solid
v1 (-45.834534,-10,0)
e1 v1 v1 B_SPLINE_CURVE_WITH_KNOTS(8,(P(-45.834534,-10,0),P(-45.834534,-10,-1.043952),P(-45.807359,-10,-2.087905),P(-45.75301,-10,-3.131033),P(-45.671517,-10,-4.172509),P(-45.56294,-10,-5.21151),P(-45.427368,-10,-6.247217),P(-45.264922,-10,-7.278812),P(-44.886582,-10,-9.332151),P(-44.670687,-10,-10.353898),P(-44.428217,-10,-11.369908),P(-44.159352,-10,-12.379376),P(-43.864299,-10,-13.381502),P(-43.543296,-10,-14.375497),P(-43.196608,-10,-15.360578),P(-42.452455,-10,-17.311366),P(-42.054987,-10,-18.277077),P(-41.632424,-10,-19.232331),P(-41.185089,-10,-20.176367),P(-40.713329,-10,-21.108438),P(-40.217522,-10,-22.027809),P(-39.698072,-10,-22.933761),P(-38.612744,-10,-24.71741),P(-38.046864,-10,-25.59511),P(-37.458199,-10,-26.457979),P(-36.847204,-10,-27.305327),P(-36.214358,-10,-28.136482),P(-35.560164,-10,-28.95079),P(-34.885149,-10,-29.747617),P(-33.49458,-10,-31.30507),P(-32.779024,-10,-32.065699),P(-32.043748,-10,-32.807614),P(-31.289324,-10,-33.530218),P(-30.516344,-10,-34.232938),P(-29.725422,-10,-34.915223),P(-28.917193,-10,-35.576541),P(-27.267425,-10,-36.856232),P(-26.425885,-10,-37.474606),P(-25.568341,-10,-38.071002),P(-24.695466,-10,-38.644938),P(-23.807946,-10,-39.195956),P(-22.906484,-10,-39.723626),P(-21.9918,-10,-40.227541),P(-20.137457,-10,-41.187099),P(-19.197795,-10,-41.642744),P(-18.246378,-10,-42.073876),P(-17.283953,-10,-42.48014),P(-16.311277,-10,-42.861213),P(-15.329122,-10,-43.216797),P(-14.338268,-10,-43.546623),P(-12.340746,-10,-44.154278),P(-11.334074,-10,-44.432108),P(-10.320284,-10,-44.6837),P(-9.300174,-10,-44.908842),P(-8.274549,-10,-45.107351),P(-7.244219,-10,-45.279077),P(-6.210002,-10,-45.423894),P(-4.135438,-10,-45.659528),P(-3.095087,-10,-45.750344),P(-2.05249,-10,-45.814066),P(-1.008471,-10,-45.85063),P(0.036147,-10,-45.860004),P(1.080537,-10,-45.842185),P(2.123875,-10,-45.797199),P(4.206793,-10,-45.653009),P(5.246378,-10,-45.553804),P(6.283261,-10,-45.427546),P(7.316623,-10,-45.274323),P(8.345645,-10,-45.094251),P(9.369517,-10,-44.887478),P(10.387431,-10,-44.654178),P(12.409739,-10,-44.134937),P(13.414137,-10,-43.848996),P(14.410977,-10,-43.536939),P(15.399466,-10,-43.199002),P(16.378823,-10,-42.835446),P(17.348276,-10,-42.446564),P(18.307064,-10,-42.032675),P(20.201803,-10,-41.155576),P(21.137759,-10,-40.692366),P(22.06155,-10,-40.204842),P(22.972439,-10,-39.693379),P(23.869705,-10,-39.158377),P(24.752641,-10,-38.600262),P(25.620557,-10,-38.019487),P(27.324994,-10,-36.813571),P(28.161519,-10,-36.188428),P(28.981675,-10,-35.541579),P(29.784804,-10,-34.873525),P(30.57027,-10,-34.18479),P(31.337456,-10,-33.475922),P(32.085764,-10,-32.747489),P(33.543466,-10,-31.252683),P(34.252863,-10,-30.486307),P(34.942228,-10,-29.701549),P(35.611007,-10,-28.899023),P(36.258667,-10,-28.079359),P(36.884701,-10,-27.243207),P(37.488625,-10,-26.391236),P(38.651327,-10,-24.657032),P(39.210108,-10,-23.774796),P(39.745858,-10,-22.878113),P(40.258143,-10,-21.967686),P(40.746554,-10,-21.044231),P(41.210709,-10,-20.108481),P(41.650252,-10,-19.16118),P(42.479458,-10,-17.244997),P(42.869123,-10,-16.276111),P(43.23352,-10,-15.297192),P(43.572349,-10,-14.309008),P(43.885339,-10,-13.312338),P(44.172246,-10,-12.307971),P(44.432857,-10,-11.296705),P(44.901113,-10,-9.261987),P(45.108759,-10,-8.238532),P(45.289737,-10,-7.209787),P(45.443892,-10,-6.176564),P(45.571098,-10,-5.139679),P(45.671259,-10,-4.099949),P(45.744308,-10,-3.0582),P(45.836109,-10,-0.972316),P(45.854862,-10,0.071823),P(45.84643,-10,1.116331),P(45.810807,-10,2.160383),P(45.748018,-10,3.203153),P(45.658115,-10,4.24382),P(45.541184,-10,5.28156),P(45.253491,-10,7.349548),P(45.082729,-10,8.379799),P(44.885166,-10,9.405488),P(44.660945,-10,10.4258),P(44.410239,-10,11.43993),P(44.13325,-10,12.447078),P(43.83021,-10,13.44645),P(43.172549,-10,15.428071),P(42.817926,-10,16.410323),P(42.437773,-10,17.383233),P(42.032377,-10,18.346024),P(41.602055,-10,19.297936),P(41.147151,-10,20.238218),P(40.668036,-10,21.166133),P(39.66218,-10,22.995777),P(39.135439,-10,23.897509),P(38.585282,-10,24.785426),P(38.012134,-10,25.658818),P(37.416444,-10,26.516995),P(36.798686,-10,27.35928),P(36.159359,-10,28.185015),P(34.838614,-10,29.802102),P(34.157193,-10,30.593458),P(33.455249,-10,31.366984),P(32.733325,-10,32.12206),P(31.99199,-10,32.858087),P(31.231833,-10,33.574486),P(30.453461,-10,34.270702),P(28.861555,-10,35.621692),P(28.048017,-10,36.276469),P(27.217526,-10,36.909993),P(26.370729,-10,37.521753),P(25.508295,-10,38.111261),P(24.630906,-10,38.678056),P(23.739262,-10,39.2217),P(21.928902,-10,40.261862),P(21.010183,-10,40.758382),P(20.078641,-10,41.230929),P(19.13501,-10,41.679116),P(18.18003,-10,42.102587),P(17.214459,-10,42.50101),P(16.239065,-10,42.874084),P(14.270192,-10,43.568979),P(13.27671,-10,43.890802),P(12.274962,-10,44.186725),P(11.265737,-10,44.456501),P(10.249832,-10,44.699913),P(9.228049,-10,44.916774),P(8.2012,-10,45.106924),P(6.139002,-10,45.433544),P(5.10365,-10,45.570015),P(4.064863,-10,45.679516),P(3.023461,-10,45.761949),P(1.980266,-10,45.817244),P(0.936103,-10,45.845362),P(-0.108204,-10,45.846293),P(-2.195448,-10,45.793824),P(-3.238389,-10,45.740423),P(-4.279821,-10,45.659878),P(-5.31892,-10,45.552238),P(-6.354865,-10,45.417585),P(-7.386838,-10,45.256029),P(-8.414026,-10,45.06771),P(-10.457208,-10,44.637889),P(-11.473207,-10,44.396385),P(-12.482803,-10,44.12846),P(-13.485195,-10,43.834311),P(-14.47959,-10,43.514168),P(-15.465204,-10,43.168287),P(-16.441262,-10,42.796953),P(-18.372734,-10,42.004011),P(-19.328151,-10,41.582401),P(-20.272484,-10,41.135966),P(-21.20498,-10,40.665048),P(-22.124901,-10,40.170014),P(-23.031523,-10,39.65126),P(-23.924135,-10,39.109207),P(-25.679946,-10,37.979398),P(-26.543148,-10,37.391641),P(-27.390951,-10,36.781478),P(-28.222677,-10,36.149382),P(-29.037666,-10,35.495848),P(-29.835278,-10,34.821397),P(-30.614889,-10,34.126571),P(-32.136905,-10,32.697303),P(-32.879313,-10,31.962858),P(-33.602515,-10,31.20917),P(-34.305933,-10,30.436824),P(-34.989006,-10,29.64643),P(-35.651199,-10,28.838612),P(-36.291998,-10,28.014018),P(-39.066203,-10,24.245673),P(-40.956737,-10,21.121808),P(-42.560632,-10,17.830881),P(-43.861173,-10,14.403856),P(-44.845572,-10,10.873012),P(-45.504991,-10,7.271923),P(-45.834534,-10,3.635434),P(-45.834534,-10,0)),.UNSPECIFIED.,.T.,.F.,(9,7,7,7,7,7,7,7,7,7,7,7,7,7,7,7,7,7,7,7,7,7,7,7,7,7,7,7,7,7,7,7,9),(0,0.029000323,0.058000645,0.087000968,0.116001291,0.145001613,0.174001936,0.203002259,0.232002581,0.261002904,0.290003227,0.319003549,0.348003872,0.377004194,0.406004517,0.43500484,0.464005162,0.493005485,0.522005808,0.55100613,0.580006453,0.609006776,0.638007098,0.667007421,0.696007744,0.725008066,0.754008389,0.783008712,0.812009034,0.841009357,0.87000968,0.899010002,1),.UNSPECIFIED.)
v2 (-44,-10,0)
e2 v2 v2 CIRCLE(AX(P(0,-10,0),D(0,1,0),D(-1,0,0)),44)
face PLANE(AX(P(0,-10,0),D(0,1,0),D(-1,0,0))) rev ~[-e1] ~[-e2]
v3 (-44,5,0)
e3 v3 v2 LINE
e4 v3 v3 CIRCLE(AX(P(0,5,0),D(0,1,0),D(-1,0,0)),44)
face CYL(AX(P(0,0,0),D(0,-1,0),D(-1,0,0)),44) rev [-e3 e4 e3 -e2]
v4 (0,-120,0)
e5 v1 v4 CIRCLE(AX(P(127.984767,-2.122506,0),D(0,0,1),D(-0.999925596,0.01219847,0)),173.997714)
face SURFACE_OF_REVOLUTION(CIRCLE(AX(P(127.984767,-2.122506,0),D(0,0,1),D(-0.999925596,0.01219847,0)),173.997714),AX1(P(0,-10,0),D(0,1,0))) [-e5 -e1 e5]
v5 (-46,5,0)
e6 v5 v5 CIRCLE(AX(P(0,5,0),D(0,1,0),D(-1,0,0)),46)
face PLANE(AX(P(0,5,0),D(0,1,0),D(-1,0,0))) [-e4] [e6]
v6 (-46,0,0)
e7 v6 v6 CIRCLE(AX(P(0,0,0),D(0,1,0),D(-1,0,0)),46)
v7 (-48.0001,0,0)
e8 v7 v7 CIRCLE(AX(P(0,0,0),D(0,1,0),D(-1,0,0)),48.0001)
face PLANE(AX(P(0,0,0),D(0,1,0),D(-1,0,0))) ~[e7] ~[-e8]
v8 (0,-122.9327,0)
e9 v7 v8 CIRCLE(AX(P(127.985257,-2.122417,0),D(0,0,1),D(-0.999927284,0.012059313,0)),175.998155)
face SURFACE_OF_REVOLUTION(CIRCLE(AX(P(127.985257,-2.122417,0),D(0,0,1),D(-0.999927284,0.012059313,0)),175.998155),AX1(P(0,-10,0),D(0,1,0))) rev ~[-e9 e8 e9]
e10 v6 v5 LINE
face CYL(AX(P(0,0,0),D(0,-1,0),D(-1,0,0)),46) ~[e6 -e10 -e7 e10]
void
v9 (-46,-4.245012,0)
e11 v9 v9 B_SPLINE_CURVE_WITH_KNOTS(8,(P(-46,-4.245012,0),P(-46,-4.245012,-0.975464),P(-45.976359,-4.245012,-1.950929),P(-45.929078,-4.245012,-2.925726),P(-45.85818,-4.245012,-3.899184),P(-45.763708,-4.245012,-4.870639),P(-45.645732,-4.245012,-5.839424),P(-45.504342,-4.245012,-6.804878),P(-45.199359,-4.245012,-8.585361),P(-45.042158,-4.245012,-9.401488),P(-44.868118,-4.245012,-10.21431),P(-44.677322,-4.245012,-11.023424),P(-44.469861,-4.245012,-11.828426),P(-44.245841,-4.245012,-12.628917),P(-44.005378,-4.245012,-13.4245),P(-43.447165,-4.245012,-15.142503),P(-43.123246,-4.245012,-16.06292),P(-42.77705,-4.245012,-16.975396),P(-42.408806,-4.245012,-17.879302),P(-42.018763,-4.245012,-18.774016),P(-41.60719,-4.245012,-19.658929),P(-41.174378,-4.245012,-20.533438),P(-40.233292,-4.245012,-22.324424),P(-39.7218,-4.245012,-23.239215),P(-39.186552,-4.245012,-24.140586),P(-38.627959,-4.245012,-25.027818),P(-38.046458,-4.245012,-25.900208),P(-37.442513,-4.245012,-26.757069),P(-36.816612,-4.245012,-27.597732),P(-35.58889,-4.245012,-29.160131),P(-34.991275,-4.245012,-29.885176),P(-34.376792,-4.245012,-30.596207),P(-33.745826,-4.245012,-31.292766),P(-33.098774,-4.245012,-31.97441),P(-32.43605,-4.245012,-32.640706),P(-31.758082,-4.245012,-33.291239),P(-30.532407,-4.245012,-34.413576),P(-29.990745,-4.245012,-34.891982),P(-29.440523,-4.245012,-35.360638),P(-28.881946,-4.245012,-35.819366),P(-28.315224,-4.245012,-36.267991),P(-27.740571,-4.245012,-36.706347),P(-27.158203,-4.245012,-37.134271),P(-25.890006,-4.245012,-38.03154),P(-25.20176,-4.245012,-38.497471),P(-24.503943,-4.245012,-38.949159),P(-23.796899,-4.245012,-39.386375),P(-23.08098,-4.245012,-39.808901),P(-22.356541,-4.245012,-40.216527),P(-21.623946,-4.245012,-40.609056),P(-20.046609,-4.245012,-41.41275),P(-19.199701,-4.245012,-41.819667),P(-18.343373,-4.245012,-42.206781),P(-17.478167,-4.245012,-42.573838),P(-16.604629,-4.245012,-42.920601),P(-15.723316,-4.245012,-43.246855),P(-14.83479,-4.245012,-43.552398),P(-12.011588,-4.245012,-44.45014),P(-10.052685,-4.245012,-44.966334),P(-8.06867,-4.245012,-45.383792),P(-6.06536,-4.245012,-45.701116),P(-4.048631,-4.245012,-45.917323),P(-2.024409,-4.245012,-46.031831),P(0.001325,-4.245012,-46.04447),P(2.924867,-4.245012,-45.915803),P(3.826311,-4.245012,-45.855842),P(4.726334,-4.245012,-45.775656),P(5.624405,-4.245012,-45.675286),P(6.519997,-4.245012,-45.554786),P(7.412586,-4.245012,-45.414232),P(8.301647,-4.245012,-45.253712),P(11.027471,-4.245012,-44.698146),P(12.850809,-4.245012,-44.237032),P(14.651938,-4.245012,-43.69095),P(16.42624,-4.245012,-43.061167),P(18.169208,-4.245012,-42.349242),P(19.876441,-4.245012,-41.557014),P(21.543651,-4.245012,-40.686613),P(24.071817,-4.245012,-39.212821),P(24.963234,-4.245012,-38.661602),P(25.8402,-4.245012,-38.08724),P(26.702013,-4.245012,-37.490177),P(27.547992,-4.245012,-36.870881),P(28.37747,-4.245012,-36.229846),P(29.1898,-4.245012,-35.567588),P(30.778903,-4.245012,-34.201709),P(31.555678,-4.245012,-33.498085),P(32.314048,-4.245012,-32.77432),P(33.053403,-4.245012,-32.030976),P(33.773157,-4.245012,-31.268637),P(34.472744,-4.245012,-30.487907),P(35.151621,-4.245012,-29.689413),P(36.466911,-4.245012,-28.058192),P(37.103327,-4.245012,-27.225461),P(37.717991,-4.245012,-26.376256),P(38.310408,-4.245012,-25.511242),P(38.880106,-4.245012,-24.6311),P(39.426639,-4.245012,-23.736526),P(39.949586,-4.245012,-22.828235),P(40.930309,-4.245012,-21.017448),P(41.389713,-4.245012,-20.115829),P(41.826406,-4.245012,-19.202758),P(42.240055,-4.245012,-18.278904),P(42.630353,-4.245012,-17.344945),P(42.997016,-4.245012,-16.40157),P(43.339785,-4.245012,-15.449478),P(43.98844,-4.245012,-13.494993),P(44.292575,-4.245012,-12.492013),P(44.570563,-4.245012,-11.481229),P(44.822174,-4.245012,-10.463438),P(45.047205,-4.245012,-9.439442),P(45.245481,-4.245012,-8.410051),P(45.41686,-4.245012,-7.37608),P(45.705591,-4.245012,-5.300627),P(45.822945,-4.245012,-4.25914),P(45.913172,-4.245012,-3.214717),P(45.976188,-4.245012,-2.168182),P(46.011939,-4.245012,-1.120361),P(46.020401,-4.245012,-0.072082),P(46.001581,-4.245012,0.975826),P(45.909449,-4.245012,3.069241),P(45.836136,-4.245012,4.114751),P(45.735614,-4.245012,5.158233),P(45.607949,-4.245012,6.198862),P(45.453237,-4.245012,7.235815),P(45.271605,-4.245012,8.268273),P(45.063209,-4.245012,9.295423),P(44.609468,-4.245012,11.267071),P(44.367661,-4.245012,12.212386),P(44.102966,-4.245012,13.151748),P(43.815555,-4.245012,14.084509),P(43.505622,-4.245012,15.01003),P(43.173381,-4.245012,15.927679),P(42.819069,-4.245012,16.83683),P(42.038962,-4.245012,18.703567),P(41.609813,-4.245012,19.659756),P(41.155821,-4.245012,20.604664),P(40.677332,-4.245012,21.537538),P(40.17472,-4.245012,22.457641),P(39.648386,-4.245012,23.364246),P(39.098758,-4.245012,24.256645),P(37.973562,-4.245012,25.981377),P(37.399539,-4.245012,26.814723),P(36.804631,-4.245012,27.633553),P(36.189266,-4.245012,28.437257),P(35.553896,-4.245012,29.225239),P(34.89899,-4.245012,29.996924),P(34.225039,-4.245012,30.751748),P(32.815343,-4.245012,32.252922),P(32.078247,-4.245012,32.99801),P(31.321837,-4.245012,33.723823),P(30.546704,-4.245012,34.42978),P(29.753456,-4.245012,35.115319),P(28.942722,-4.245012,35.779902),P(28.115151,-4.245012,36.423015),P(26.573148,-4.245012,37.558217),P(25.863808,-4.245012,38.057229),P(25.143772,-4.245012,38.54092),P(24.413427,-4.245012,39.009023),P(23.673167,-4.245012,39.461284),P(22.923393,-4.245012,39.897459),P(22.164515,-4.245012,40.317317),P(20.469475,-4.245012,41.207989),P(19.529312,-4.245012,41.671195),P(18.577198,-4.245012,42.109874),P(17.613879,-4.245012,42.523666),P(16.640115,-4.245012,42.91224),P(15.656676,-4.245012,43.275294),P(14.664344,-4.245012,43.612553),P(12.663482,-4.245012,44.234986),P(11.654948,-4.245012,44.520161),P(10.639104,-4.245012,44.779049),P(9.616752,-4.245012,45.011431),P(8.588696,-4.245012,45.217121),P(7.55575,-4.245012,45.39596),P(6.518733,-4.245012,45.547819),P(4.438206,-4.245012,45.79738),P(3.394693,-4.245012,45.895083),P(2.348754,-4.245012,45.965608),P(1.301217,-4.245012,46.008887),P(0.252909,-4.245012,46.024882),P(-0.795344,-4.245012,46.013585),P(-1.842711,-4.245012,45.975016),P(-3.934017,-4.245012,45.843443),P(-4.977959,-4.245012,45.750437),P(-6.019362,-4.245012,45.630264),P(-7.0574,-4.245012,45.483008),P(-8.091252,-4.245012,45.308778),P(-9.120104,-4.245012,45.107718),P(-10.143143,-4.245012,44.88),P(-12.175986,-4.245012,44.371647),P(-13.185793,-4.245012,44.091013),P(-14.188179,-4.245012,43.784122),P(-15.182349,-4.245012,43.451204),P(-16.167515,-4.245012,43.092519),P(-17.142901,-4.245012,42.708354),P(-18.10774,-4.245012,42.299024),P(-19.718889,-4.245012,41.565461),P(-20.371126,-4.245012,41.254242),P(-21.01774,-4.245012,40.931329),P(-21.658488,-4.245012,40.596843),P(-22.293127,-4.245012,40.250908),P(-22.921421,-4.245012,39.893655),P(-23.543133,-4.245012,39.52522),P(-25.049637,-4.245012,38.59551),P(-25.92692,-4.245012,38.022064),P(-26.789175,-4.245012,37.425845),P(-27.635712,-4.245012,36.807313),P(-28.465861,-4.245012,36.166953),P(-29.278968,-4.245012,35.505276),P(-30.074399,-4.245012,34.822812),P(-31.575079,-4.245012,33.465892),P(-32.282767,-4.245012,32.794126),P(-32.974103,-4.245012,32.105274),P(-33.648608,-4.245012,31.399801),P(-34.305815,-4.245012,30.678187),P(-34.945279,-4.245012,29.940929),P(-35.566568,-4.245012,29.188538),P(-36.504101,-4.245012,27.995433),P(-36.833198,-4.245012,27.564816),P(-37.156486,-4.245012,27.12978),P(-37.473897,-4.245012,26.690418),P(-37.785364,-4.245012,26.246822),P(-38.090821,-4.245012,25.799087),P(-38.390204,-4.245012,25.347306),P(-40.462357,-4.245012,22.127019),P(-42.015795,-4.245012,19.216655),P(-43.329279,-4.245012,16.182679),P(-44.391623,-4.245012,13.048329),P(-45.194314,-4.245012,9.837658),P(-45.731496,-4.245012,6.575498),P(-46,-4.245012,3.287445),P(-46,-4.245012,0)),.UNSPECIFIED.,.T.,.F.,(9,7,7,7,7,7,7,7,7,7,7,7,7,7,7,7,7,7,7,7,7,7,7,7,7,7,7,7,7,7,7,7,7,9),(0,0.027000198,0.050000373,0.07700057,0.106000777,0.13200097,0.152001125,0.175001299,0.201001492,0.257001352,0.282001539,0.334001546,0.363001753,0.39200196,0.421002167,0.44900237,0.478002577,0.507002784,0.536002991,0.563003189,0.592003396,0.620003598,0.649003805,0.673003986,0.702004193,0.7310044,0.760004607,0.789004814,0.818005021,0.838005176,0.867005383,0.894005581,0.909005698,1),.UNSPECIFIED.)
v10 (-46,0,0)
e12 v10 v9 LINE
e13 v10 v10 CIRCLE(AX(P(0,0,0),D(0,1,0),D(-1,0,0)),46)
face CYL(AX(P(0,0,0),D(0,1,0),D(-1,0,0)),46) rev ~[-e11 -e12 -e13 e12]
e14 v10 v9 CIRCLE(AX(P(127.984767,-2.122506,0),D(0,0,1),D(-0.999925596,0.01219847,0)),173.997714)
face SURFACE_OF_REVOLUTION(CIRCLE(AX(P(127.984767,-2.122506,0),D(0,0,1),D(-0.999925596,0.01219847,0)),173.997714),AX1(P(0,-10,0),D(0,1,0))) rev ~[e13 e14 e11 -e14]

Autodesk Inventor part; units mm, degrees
ref_plane "YZ Plane" through (0, 0, 0) normal (1, 0, 0) x (0, 1, 0)
ref_plane "XZ Plane" through (0, 0, 0) normal (0, 1, 0) x (-1, 0, 0)
ref_plane "XY Plane" through (0, 0, 0) normal (0, 0, 1) x (1, 0, 0)
sketch "스케치1" plane through (0, 0, 0) normal (0, 1, 0) x (-1, 0, 0)
  circle A0 centre (0, 0) radius 46
  circle A1 centre (0, 0) radius 44
  circle A2 centre (0, 0) radius 48.3
  dimension "d0" = 92
  dimension "d1" = 2
  dimension "d2" = 2.3
extrude "돌출1" add sketch "스케치1" along normal blind 5 contours A0
sketch "스케치2" plane through (0, 0, 0) normal (0, 0, 1) x (1, 0, 0)
  line L0 (48.3, 0) -> (-48.3, 0) projected
  line L1 (46, 0) -> (-46, 0) projected
  arc A0 (-46, 0) -> (0, -120) centre (127.9848, -2.1225) ccw
  arc A1 (-48.0001, 0) -> (0, -122.9327) centre (127.9848, -2.1225) ccw
  line L2 (0, -122.9327) -> (0, -120)
  line L3 (-48.0001, 0) -> (-46, 0)
  line L4 (0, -154.1225) -> (0, 31.5204) projected
  point P0 (0, 0)
  point P1 (-48.0001, 0)
  dimension "d15" = 2
extrude "돌출3" add sketch "스케치1" against normal blind 10 contours A0
revolve "회전2" add sketch "스케치2" angle 360 about axis through (0, -10, 0) along (0, 1, 0) contours A0 L2 A1 L0
properties part number "final탄두뚜껑1"
